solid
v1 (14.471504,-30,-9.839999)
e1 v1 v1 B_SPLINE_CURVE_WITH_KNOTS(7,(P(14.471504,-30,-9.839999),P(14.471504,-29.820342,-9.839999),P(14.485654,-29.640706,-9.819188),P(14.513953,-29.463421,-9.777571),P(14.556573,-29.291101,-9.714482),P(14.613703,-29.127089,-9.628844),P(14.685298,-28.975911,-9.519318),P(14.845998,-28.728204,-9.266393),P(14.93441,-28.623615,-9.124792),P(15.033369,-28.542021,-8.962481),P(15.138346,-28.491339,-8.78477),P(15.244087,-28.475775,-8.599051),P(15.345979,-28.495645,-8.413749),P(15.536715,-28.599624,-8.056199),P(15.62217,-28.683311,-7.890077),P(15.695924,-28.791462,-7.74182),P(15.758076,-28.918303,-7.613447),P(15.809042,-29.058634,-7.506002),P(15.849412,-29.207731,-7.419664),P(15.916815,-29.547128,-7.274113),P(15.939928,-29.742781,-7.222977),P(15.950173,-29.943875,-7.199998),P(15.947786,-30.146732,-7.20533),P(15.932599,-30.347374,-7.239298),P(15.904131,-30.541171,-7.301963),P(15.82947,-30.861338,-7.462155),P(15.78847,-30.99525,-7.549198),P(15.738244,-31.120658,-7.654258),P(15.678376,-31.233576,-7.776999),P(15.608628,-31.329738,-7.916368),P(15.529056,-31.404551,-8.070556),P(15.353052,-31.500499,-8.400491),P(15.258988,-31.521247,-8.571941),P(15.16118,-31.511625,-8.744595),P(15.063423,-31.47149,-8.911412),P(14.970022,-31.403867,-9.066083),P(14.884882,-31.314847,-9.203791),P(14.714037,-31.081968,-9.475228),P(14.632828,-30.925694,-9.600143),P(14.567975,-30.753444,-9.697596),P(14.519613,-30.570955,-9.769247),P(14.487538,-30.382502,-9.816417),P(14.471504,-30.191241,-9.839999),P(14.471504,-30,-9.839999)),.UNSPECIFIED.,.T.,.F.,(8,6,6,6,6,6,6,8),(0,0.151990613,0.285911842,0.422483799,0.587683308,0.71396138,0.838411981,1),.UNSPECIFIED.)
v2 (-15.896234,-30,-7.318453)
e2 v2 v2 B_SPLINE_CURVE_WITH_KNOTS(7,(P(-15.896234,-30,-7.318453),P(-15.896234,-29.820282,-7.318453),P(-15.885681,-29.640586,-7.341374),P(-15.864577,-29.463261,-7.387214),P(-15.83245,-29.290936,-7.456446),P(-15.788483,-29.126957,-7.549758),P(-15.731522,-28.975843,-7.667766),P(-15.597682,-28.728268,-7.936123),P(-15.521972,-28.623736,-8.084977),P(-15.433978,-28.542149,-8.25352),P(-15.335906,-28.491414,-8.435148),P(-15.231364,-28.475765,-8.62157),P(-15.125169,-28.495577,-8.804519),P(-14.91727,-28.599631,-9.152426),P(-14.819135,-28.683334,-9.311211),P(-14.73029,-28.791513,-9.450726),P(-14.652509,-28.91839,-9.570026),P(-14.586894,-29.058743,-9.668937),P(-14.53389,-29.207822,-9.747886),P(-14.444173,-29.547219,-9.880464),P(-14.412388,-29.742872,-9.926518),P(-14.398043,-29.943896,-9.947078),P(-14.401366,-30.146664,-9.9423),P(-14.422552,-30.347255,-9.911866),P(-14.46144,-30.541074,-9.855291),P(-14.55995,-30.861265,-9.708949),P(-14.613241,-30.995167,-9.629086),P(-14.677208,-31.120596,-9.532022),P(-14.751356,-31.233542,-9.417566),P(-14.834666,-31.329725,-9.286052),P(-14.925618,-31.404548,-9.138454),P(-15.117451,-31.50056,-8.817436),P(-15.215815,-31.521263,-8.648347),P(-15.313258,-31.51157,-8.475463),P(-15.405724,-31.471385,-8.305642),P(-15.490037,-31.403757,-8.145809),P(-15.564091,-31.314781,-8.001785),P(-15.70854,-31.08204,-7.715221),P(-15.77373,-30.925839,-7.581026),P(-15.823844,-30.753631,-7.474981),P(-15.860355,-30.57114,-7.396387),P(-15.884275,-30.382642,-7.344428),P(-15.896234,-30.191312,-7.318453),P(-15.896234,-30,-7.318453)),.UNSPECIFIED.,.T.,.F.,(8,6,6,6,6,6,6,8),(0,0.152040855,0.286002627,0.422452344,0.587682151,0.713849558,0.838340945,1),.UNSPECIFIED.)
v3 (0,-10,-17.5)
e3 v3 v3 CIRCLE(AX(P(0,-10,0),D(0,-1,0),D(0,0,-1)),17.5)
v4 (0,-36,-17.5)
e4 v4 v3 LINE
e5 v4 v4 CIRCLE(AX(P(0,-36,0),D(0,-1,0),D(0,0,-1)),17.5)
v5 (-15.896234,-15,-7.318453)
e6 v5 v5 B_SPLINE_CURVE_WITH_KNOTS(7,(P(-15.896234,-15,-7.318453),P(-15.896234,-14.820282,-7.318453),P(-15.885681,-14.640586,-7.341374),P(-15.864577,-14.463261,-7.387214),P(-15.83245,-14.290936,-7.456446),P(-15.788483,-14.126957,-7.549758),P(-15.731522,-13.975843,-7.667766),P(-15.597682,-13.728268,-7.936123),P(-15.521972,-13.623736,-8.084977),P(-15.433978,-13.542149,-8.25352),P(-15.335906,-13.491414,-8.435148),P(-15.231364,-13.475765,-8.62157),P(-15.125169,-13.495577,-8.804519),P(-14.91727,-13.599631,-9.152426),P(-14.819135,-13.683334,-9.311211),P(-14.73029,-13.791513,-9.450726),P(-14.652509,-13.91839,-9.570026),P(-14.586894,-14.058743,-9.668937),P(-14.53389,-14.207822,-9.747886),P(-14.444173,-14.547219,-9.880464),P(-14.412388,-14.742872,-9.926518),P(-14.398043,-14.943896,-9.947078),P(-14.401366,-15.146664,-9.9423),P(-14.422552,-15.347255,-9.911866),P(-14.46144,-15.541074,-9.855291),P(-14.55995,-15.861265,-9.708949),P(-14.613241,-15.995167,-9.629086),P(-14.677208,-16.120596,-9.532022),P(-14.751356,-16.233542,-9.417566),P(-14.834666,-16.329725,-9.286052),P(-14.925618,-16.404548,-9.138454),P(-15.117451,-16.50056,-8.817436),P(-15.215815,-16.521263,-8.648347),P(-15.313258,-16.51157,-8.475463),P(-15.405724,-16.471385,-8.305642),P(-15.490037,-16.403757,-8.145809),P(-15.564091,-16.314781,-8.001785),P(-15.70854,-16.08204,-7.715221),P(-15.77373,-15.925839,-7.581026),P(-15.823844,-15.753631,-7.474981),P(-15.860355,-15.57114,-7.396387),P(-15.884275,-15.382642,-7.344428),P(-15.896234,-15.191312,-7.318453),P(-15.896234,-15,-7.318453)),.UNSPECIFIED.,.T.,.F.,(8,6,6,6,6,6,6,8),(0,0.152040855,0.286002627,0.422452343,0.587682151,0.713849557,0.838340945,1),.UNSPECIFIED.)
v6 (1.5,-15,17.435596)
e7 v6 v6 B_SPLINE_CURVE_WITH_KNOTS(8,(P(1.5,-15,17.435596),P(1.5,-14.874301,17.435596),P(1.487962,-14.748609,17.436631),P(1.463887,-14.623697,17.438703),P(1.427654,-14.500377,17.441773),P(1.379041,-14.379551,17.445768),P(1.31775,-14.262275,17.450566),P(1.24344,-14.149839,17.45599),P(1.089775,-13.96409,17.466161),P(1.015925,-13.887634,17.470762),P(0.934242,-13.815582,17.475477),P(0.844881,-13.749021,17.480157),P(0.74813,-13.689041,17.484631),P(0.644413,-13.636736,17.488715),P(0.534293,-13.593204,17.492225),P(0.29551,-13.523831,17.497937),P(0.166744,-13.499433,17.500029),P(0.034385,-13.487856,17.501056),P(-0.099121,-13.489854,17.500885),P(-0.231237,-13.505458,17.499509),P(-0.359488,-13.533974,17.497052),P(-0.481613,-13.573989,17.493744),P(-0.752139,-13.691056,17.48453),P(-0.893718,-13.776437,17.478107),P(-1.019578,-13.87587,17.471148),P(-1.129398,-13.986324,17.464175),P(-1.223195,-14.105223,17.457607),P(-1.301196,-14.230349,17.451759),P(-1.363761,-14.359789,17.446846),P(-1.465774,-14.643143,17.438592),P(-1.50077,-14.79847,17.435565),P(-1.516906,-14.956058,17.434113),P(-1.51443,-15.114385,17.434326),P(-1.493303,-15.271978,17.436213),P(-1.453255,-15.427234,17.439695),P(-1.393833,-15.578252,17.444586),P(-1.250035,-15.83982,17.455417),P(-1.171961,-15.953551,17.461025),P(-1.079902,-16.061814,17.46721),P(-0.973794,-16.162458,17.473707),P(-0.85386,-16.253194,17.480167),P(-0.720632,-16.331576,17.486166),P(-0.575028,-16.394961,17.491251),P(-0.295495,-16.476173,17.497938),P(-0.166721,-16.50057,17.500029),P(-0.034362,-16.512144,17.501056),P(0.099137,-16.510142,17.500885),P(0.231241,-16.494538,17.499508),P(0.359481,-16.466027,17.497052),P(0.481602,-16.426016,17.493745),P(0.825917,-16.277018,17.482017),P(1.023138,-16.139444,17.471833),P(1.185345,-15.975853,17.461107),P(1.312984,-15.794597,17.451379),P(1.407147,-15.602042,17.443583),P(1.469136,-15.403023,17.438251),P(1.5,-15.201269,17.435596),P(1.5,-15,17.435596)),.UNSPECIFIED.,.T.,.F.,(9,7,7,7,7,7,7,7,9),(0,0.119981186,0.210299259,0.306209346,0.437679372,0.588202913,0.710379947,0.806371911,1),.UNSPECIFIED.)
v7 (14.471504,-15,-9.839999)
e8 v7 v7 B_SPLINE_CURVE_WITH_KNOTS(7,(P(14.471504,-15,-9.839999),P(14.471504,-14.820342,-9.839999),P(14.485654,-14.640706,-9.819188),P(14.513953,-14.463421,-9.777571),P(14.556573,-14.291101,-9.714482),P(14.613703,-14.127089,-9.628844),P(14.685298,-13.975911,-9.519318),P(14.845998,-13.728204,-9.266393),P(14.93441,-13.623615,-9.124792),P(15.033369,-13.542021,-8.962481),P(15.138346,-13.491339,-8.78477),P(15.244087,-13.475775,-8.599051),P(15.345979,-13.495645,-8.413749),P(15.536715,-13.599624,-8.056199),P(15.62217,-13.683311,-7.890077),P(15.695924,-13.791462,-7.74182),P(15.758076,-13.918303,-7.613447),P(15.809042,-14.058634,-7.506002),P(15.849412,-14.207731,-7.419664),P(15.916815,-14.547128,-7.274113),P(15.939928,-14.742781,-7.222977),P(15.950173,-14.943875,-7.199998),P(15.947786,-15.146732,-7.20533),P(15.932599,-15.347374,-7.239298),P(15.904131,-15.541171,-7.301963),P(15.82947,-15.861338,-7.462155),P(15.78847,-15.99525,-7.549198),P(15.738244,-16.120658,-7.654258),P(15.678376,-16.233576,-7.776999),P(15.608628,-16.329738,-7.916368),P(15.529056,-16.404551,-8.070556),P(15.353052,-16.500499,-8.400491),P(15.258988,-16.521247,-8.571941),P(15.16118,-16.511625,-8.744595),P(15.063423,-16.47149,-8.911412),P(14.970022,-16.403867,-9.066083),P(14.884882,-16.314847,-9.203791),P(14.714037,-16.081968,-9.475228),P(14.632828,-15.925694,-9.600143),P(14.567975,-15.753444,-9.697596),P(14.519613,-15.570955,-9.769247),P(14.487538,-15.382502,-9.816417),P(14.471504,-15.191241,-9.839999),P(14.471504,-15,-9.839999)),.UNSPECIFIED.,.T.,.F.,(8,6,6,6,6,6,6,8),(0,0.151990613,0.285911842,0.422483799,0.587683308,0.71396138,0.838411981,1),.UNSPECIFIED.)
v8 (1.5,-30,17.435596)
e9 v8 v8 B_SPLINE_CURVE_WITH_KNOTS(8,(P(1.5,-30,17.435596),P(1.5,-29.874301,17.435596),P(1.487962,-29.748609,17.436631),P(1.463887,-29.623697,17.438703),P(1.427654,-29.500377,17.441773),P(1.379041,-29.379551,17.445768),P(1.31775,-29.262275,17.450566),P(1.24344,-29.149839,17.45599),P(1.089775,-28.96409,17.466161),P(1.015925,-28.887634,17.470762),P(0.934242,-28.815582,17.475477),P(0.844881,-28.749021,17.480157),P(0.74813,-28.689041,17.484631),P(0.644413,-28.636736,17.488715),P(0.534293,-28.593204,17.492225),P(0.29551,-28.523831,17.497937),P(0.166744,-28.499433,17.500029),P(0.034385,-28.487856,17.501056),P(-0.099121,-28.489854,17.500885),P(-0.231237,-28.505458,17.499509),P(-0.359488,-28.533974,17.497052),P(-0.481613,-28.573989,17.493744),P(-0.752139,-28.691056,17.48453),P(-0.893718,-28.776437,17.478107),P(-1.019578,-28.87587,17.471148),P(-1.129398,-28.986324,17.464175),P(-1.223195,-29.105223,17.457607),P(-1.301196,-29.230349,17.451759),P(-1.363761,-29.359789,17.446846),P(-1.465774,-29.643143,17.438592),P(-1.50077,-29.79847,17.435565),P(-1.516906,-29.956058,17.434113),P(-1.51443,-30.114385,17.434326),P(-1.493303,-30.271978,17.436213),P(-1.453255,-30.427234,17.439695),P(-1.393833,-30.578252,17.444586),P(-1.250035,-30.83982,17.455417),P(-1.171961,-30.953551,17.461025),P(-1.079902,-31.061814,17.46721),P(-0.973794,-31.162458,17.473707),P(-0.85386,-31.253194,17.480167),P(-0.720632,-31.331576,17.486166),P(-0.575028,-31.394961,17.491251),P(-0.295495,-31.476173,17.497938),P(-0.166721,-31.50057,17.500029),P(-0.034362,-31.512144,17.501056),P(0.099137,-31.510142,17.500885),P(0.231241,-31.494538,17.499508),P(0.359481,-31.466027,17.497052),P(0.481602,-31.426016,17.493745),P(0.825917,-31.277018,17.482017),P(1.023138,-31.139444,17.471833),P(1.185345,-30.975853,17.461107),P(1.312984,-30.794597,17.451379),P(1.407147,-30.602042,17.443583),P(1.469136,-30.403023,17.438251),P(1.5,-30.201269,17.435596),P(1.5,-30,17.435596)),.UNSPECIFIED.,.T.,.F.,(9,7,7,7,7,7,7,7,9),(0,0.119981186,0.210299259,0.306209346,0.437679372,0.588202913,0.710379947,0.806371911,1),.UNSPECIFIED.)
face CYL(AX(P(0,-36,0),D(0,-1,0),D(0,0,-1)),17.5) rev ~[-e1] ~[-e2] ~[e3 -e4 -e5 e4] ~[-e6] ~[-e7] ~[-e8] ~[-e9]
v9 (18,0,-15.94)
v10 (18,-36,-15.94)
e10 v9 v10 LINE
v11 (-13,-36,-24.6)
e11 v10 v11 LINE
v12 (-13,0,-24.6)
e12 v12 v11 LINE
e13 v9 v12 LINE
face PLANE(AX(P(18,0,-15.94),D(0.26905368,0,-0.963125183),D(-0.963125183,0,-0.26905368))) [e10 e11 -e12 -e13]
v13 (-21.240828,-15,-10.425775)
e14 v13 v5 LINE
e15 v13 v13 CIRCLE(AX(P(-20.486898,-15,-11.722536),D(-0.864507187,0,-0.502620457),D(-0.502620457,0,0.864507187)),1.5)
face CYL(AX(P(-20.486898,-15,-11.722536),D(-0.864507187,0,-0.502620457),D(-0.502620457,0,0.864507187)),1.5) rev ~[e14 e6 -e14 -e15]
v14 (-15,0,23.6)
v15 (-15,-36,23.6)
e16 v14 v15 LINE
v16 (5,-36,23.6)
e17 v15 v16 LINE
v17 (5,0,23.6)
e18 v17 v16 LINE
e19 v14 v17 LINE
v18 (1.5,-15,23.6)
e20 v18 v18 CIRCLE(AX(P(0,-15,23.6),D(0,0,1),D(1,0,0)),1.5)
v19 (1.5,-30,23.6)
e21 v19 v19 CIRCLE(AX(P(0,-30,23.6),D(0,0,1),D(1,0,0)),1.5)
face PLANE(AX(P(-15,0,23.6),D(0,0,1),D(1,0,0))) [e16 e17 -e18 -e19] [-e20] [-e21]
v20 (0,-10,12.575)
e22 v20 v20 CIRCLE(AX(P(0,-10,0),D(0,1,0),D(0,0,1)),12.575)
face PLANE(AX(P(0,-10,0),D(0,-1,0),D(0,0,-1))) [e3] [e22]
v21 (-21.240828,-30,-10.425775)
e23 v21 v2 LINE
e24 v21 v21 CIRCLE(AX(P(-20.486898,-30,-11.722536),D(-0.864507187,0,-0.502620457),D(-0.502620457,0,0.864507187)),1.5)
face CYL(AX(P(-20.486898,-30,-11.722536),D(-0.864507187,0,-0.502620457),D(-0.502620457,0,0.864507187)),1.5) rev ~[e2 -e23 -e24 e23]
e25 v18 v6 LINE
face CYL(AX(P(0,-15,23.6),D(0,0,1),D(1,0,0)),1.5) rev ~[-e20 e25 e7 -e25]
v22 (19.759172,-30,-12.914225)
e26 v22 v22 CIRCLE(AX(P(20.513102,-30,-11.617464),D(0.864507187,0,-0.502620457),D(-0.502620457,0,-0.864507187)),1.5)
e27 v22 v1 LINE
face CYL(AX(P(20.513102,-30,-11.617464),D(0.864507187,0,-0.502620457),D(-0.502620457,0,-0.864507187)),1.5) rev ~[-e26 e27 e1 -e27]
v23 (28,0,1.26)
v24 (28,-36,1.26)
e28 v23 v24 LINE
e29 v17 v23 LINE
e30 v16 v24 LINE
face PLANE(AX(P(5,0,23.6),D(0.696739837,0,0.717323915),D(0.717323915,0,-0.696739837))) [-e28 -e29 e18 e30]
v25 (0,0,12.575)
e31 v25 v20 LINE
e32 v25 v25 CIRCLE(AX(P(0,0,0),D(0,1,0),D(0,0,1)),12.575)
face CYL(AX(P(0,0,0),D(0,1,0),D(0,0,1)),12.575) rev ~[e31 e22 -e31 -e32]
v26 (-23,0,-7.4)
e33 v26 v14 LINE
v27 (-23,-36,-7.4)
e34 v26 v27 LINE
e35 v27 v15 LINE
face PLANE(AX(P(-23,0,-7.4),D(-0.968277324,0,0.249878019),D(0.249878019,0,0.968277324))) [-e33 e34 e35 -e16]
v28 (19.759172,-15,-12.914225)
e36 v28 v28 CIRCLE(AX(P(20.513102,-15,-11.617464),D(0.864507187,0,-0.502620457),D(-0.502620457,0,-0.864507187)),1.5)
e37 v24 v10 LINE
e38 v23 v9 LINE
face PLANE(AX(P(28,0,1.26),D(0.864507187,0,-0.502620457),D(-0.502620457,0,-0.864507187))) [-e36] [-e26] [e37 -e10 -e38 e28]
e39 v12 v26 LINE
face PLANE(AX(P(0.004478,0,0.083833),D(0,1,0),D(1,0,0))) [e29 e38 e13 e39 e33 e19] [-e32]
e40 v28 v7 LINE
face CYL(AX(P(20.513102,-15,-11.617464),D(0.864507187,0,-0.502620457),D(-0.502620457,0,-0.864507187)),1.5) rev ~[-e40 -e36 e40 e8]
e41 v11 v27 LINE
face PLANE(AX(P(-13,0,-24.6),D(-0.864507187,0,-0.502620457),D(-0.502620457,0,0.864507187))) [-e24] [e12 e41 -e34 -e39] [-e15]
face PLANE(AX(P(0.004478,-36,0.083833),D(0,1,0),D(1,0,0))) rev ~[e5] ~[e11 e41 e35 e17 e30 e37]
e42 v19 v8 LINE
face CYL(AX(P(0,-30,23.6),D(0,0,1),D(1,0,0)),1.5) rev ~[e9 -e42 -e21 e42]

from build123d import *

# Parameters (mm, degrees)
SKETCH2_R               = 12.575
BOSS_EXTRUDE1_DEPTH     = 36
SKETCH3_R               = 17.5
CUT_EXTRUDE1_DEPTH      = 26
CUT_EXTRUDE2_REACH      = 68.591
CUT_EXTRUDE2_END_RADIUS = 17.5
SKETCH4_R               = 1.5
CUT_EXTRUDE5_REACH      = 71.976
CUT_EXTRUDE5_END_RADIUS = 17.5
SKETCH7_R               = 1.5
CUT_EXTRUDE6_REACH      = 68.357
CUT_EXTRUDE6_END_RADIUS = 17.5
SKETCH8_R               = 1.5


with BuildPart() as part:
    # Sketch2 → Boss-Extrude1 (new body)
    with BuildSketch(Plane(origin=(0, 0, 0), x_dir=(1, 0, 0), z_dir=(0, 1, 0))):
        Polygon((-23, 7.4), (-15, -23.6), (5, -23.6), (28, -1.26), (18, 15.94), (-13, 24.6), align=None)
        with Locations(Location((0, 0, 0), (0, 0, 270))):
            Circle(SKETCH2_R, mode=Mode.SUBTRACT)
    extrude(amount=-BOSS_EXTRUDE1_DEPTH)

    # Sketch3 → Cut-Extrude1 (cut)
    with BuildSketch(Plane.XZ.offset(36)):
        with Locations(Location((0, 0, 0), (0, 0, 270))):
            Circle(SKETCH3_R)
    extrude(amount=-CUT_EXTRUDE1_DEPTH, mode=Mode.SUBTRACT)

    # Cut-Extrude2: up to this cylinder (the profile starts outside it)
    cut_extrude2_end = Plane(origin=(0, -22.5, 0), z_dir=(0, -1, 0)) * Cylinder(CUT_EXTRUDE2_END_RADIUS, 188.182, mode=Mode.PRIVATE)
    # Sketch4 → Cut-Extrude2 (cut, up to the surface)
    with BuildSketch(Plane(origin=(20.378940986, 0, -11.848221504), x_dir=(-0.5026204573745311, 0, -0.8645071866841925), z_dir=(0.8645071866841925, 0, -0.5026204573745311)), mode=Mode.PRIVATE) as cut_extrude2_sk1:
        with Locations((-0.266923677, -15)):
            Circle(SKETCH4_R)
    cut_extrude2_tool1 = extrude(cut_extrude2_sk1.sketch, amount=-CUT_EXTRUDE2_REACH, mode=Mode.PRIVATE) - cut_extrude2_end
    add(cut_extrude2_tool1.solids().sort_by_distance((20.513102, -15, -11.617464))[0], mode=Mode.SUBTRACT)
    # Sketch4 → Cut-Extrude2 (cut, up to the surface)
    with BuildSketch(Plane(origin=(20.378940986, 0, -11.848221504), x_dir=(-0.5026204573745311, 0, -0.8645071866841925), z_dir=(0.8645071866841925, 0, -0.5026204573745311)), mode=Mode.PRIVATE) as cut_extrude2_sk2:
        with Locations((-0.266923677, -30)):
            Circle(SKETCH4_R)
    cut_extrude2_tool2 = extrude(cut_extrude2_sk2.sketch, amount=-CUT_EXTRUDE2_REACH, mode=Mode.PRIVATE) - cut_extrude2_end
    add(cut_extrude2_tool2.solids().sort_by_distance((20.513102, -30, -11.617464))[0], mode=Mode.SUBTRACT)

    # Cut-Extrude5: up to this cylinder (the profile starts outside it)
    cut_extrude5_end = Plane(origin=(0, -22.5, 0), z_dir=(0, -1, 0)) * Cylinder(CUT_EXTRUDE5_END_RADIUS, 194.952, mode=Mode.PRIVATE)
    # Sketch7 → Cut-Extrude5 (cut, up to the surface)
    with BuildSketch(Plane(origin=(-20.405012126, 0, -11.863379143), x_dir=(-0.5026204573745304, 0, 0.8645071866841929), z_dir=(-0.8645071866841929, 0, -0.5026204573745304)), mode=Mode.PRIVATE) as cut_extrude5_sk1:
        with Locations((0.162917338, -30)):
            Circle(SKETCH7_R)
    cut_extrude5_tool1 = extrude(cut_extrude5_sk1.sketch, amount=-CUT_EXTRUDE5_REACH, mode=Mode.PRIVATE) - cut_extrude5_end
    add(cut_extrude5_tool1.solids().sort_by_distance((-20.486898, -30, -11.722536))[0], mode=Mode.SUBTRACT)
    # Sketch7 → Cut-Extrude5 (cut, up to the surface)
    with BuildSketch(Plane(origin=(-20.405012126, 0, -11.863379143), x_dir=(-0.5026204573745304, 0, 0.8645071866841929), z_dir=(-0.8645071866841929, 0, -0.5026204573745304)), mode=Mode.PRIVATE) as cut_extrude5_sk2:
        with Locations((0.162917338, -15)):
            Circle(SKETCH7_R)
    cut_extrude5_tool2 = extrude(cut_extrude5_sk2.sketch, amount=-CUT_EXTRUDE5_REACH, mode=Mode.PRIVATE) - cut_extrude5_end
    add(cut_extrude5_tool2.solids().sort_by_distance((-20.486898, -15, -11.722536))[0], mode=Mode.SUBTRACT)

    # Cut-Extrude6: up to this cylinder (the profile starts outside it)
    cut_extrude6_end = Plane(origin=(0, -22.5, 0), z_dir=(0, -1, 0)) * Cylinder(CUT_EXTRUDE6_END_RADIUS, 187.714, mode=Mode.PRIVATE)
    # Sketch8 → Cut-Extrude6 (cut, up to the surface)
    with BuildSketch(Plane.XY.offset(23.6), mode=Mode.PRIVATE) as cut_extrude6_sk1:
        with Locations((0, -30)):
            Circle(SKETCH8_R)
    cut_extrude6_tool1 = extrude(cut_extrude6_sk1.sketch, amount=-CUT_EXTRUDE6_REACH, mode=Mode.PRIVATE) - cut_extrude6_end
    add(cut_extrude6_tool1.solids().sort_by_distance((0, -30, 23.6))[0], mode=Mode.SUBTRACT)
    # Sketch8 → Cut-Extrude6 (cut, up to the surface)
    with BuildSketch(Plane.XY.offset(23.6), mode=Mode.PRIVATE) as cut_extrude6_sk2:
        with Locations((0, -15)):
            Circle(SKETCH8_R)
    cut_extrude6_tool2 = extrude(cut_extrude6_sk2.sketch, amount=-CUT_EXTRUDE6_REACH, mode=Mode.PRIVATE) - cut_extrude6_end
    add(cut_extrude6_tool2.solids().sort_by_distance((0, -15, 23.6))[0], mode=Mode.SUBTRACT)


solid = part.part
